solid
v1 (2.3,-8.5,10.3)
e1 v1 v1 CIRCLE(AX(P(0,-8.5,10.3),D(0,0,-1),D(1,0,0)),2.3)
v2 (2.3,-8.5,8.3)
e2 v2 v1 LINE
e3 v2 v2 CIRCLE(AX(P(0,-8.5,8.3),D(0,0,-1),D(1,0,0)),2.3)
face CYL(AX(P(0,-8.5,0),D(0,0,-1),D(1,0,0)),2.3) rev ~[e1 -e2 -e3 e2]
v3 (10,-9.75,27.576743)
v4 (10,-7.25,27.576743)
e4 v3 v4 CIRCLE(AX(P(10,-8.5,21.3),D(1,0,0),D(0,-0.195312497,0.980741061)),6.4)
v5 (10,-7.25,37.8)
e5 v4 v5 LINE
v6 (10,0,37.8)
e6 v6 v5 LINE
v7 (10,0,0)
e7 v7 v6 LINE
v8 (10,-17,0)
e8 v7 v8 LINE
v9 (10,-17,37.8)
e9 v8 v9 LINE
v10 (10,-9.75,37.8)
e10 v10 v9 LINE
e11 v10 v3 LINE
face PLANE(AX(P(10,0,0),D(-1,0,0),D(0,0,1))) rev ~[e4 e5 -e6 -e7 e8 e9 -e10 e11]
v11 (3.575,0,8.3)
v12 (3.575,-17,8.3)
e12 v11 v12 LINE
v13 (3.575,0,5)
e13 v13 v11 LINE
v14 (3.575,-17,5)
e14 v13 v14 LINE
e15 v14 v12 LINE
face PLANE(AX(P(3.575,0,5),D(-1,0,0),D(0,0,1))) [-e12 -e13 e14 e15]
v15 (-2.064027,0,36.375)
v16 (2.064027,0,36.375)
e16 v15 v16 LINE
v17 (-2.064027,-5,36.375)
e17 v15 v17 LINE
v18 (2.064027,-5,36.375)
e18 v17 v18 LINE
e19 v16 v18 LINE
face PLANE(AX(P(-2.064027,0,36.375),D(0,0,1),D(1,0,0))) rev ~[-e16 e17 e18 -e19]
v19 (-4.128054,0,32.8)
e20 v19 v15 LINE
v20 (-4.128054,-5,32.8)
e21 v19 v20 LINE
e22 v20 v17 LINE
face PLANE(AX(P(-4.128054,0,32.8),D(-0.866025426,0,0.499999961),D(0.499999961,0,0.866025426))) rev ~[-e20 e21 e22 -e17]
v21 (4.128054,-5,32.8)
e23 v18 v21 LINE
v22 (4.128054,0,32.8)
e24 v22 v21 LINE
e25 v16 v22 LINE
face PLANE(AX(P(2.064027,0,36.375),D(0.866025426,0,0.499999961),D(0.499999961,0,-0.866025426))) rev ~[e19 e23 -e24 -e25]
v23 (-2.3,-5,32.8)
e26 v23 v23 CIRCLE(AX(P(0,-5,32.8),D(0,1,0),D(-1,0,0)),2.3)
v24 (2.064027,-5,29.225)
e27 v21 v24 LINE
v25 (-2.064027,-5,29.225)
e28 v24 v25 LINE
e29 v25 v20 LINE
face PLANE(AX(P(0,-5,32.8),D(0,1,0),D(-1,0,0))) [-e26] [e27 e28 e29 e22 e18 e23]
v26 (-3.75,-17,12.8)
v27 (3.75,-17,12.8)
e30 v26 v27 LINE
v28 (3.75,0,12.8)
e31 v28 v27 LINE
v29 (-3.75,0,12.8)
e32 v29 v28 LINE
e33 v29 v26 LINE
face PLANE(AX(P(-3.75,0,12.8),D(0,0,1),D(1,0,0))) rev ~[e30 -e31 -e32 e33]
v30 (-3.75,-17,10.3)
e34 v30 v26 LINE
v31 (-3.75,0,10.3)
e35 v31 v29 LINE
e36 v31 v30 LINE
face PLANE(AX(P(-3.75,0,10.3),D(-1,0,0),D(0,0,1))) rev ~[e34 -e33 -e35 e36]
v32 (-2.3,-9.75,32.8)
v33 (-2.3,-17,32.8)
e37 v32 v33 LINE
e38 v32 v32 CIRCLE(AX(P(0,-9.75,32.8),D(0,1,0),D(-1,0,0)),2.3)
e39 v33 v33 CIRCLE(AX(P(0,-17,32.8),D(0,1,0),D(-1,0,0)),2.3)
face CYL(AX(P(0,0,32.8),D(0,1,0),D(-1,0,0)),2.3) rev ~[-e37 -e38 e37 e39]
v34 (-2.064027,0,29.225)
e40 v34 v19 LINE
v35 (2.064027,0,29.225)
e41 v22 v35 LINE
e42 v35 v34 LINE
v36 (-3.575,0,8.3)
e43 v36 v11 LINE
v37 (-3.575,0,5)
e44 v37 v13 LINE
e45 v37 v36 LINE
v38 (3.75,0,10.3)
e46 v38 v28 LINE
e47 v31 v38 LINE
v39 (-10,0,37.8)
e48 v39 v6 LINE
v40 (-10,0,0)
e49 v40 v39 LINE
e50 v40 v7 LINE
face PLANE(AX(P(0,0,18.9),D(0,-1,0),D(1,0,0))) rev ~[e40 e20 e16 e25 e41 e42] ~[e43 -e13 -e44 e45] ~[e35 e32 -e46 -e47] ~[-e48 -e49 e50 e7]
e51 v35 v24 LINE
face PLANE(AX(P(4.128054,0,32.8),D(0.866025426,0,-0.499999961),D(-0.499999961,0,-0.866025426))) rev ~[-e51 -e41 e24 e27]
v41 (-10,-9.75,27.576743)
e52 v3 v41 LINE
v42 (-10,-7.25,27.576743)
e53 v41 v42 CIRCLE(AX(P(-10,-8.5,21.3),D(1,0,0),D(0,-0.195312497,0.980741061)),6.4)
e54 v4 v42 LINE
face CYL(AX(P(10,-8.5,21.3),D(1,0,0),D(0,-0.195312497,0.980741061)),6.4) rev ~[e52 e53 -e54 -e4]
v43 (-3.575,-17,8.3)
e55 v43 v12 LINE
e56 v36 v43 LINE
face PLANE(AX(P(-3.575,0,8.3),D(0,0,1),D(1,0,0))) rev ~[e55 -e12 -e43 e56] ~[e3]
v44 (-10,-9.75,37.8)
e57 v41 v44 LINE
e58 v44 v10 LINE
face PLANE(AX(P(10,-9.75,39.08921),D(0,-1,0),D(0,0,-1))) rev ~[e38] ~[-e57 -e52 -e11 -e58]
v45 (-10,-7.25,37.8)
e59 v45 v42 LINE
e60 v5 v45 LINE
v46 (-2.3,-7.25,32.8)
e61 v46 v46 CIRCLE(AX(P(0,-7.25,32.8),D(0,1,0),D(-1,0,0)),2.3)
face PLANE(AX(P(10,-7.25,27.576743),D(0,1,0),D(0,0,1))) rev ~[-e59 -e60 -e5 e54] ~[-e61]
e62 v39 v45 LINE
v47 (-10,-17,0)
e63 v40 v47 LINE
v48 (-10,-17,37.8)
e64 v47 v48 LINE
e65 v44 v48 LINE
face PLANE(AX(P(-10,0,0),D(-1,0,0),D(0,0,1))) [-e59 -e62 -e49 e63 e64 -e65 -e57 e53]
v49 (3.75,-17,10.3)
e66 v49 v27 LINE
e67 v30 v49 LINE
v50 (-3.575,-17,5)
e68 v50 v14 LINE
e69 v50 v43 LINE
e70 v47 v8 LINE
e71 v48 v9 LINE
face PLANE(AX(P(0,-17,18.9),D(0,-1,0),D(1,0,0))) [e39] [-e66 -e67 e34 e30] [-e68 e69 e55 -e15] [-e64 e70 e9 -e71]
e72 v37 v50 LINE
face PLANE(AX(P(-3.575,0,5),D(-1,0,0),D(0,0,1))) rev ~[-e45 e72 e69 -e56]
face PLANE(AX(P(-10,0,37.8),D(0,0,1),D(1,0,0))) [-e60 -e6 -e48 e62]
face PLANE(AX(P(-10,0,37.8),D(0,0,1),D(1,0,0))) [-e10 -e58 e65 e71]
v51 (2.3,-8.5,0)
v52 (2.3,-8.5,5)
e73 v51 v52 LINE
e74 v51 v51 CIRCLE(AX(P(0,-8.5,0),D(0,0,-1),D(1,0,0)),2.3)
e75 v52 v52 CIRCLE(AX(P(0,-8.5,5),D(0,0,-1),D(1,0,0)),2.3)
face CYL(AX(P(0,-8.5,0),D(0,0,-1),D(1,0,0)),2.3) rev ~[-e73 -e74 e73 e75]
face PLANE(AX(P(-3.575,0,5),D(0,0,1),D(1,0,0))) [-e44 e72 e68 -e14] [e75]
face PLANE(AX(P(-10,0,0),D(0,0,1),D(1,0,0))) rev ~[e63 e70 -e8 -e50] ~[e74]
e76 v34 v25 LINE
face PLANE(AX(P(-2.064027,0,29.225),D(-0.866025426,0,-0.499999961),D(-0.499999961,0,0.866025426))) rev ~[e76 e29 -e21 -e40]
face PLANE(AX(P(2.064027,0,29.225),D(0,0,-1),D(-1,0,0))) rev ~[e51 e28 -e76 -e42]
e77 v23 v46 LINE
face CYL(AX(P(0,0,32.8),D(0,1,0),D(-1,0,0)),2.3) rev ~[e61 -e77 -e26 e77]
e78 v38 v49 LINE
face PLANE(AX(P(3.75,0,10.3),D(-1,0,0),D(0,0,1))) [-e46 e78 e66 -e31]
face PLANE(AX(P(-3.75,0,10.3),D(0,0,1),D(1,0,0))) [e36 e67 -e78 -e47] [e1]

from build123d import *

# Parameters (mm, degrees)
F0_W     = 20
F0_H     = 37.8
F0_W_2   = 7.15
F0_H_2   = 3.3
F0_W_3   = 7.5
F0_H_3   = 2.5
F1_DEPTH = 17
F3_DEPTH = 20.001
F4_R     = 2.3
F5_DEPTH = 17.001
F7_DEPTH = 5
F8_R     = 2.3
F9_DEPTH = 11


with BuildPart() as f1:
    # F0 (on Front) → F1 (new body)
    with BuildSketch(Plane.XZ):
        with Locations((0, 18.9)):
            Rectangle(F0_W, F0_H)
        with Locations((0, 6.65)):
            Rectangle(F0_W_2, F0_H_2, mode=Mode.SUBTRACT)
        with Locations((0, 11.55)):
            Rectangle(F0_W_3, F0_H_3, mode=Mode.SUBTRACT)
    extrude(amount=F1_DEPTH)

    # F2 (on face) → F3 (cut, through all)
    with BuildSketch(Plane.YZ.offset(10)):
        with BuildLine():
            Line((-9.75, 39.08921), (-9.75, 27.576743))
            ThreePointArc((-9.75, 27.576743), (-8.5, 14.9), (-7.25, 27.576743))
            Line((-7.25, 27.576743), (-7.25, 39.08921))
            Line((-7.25, 39.08921), (-9.75, 39.08921))
        make_face()
    extrude(amount=-F3_DEPTH, mode=Mode.SUBTRACT)

    # F4 (on face) → F5 (cut, through all)
    with BuildSketch(Plane(origin=(0, 0, 0), x_dir=(-1, 0, 0), z_dir=(0, 1, 0))):
        with Locations((0, 32.8)):
            Circle(F4_R)
    extrude(amount=-F5_DEPTH, mode=Mode.SUBTRACT)

    # F6 (on face) → F7 (cut)
    with BuildSketch(Plane(origin=(0, 0, 0), x_dir=(-1, 0, 0), z_dir=(0, 1, 0))):
        Polygon((4.128054, 32.8), (2.064027, 36.375), (-2.064027, 36.375), (-4.128054, 32.8), (-2.064027, 29.225), (2.064027, 29.225), align=None)
    extrude(amount=-F7_DEPTH, mode=Mode.SUBTRACT)

    # F8 (on face) → F9 (cut)
    with BuildSketch(Plane(origin=(0, 0, 0), x_dir=(1, 0, 0), z_dir=(0, 0, -1))):
        with Locations((0, 8.5)):
            Circle(F8_R)
    extrude(amount=-F9_DEPTH, mode=Mode.SUBTRACT)


solid = f1.part
